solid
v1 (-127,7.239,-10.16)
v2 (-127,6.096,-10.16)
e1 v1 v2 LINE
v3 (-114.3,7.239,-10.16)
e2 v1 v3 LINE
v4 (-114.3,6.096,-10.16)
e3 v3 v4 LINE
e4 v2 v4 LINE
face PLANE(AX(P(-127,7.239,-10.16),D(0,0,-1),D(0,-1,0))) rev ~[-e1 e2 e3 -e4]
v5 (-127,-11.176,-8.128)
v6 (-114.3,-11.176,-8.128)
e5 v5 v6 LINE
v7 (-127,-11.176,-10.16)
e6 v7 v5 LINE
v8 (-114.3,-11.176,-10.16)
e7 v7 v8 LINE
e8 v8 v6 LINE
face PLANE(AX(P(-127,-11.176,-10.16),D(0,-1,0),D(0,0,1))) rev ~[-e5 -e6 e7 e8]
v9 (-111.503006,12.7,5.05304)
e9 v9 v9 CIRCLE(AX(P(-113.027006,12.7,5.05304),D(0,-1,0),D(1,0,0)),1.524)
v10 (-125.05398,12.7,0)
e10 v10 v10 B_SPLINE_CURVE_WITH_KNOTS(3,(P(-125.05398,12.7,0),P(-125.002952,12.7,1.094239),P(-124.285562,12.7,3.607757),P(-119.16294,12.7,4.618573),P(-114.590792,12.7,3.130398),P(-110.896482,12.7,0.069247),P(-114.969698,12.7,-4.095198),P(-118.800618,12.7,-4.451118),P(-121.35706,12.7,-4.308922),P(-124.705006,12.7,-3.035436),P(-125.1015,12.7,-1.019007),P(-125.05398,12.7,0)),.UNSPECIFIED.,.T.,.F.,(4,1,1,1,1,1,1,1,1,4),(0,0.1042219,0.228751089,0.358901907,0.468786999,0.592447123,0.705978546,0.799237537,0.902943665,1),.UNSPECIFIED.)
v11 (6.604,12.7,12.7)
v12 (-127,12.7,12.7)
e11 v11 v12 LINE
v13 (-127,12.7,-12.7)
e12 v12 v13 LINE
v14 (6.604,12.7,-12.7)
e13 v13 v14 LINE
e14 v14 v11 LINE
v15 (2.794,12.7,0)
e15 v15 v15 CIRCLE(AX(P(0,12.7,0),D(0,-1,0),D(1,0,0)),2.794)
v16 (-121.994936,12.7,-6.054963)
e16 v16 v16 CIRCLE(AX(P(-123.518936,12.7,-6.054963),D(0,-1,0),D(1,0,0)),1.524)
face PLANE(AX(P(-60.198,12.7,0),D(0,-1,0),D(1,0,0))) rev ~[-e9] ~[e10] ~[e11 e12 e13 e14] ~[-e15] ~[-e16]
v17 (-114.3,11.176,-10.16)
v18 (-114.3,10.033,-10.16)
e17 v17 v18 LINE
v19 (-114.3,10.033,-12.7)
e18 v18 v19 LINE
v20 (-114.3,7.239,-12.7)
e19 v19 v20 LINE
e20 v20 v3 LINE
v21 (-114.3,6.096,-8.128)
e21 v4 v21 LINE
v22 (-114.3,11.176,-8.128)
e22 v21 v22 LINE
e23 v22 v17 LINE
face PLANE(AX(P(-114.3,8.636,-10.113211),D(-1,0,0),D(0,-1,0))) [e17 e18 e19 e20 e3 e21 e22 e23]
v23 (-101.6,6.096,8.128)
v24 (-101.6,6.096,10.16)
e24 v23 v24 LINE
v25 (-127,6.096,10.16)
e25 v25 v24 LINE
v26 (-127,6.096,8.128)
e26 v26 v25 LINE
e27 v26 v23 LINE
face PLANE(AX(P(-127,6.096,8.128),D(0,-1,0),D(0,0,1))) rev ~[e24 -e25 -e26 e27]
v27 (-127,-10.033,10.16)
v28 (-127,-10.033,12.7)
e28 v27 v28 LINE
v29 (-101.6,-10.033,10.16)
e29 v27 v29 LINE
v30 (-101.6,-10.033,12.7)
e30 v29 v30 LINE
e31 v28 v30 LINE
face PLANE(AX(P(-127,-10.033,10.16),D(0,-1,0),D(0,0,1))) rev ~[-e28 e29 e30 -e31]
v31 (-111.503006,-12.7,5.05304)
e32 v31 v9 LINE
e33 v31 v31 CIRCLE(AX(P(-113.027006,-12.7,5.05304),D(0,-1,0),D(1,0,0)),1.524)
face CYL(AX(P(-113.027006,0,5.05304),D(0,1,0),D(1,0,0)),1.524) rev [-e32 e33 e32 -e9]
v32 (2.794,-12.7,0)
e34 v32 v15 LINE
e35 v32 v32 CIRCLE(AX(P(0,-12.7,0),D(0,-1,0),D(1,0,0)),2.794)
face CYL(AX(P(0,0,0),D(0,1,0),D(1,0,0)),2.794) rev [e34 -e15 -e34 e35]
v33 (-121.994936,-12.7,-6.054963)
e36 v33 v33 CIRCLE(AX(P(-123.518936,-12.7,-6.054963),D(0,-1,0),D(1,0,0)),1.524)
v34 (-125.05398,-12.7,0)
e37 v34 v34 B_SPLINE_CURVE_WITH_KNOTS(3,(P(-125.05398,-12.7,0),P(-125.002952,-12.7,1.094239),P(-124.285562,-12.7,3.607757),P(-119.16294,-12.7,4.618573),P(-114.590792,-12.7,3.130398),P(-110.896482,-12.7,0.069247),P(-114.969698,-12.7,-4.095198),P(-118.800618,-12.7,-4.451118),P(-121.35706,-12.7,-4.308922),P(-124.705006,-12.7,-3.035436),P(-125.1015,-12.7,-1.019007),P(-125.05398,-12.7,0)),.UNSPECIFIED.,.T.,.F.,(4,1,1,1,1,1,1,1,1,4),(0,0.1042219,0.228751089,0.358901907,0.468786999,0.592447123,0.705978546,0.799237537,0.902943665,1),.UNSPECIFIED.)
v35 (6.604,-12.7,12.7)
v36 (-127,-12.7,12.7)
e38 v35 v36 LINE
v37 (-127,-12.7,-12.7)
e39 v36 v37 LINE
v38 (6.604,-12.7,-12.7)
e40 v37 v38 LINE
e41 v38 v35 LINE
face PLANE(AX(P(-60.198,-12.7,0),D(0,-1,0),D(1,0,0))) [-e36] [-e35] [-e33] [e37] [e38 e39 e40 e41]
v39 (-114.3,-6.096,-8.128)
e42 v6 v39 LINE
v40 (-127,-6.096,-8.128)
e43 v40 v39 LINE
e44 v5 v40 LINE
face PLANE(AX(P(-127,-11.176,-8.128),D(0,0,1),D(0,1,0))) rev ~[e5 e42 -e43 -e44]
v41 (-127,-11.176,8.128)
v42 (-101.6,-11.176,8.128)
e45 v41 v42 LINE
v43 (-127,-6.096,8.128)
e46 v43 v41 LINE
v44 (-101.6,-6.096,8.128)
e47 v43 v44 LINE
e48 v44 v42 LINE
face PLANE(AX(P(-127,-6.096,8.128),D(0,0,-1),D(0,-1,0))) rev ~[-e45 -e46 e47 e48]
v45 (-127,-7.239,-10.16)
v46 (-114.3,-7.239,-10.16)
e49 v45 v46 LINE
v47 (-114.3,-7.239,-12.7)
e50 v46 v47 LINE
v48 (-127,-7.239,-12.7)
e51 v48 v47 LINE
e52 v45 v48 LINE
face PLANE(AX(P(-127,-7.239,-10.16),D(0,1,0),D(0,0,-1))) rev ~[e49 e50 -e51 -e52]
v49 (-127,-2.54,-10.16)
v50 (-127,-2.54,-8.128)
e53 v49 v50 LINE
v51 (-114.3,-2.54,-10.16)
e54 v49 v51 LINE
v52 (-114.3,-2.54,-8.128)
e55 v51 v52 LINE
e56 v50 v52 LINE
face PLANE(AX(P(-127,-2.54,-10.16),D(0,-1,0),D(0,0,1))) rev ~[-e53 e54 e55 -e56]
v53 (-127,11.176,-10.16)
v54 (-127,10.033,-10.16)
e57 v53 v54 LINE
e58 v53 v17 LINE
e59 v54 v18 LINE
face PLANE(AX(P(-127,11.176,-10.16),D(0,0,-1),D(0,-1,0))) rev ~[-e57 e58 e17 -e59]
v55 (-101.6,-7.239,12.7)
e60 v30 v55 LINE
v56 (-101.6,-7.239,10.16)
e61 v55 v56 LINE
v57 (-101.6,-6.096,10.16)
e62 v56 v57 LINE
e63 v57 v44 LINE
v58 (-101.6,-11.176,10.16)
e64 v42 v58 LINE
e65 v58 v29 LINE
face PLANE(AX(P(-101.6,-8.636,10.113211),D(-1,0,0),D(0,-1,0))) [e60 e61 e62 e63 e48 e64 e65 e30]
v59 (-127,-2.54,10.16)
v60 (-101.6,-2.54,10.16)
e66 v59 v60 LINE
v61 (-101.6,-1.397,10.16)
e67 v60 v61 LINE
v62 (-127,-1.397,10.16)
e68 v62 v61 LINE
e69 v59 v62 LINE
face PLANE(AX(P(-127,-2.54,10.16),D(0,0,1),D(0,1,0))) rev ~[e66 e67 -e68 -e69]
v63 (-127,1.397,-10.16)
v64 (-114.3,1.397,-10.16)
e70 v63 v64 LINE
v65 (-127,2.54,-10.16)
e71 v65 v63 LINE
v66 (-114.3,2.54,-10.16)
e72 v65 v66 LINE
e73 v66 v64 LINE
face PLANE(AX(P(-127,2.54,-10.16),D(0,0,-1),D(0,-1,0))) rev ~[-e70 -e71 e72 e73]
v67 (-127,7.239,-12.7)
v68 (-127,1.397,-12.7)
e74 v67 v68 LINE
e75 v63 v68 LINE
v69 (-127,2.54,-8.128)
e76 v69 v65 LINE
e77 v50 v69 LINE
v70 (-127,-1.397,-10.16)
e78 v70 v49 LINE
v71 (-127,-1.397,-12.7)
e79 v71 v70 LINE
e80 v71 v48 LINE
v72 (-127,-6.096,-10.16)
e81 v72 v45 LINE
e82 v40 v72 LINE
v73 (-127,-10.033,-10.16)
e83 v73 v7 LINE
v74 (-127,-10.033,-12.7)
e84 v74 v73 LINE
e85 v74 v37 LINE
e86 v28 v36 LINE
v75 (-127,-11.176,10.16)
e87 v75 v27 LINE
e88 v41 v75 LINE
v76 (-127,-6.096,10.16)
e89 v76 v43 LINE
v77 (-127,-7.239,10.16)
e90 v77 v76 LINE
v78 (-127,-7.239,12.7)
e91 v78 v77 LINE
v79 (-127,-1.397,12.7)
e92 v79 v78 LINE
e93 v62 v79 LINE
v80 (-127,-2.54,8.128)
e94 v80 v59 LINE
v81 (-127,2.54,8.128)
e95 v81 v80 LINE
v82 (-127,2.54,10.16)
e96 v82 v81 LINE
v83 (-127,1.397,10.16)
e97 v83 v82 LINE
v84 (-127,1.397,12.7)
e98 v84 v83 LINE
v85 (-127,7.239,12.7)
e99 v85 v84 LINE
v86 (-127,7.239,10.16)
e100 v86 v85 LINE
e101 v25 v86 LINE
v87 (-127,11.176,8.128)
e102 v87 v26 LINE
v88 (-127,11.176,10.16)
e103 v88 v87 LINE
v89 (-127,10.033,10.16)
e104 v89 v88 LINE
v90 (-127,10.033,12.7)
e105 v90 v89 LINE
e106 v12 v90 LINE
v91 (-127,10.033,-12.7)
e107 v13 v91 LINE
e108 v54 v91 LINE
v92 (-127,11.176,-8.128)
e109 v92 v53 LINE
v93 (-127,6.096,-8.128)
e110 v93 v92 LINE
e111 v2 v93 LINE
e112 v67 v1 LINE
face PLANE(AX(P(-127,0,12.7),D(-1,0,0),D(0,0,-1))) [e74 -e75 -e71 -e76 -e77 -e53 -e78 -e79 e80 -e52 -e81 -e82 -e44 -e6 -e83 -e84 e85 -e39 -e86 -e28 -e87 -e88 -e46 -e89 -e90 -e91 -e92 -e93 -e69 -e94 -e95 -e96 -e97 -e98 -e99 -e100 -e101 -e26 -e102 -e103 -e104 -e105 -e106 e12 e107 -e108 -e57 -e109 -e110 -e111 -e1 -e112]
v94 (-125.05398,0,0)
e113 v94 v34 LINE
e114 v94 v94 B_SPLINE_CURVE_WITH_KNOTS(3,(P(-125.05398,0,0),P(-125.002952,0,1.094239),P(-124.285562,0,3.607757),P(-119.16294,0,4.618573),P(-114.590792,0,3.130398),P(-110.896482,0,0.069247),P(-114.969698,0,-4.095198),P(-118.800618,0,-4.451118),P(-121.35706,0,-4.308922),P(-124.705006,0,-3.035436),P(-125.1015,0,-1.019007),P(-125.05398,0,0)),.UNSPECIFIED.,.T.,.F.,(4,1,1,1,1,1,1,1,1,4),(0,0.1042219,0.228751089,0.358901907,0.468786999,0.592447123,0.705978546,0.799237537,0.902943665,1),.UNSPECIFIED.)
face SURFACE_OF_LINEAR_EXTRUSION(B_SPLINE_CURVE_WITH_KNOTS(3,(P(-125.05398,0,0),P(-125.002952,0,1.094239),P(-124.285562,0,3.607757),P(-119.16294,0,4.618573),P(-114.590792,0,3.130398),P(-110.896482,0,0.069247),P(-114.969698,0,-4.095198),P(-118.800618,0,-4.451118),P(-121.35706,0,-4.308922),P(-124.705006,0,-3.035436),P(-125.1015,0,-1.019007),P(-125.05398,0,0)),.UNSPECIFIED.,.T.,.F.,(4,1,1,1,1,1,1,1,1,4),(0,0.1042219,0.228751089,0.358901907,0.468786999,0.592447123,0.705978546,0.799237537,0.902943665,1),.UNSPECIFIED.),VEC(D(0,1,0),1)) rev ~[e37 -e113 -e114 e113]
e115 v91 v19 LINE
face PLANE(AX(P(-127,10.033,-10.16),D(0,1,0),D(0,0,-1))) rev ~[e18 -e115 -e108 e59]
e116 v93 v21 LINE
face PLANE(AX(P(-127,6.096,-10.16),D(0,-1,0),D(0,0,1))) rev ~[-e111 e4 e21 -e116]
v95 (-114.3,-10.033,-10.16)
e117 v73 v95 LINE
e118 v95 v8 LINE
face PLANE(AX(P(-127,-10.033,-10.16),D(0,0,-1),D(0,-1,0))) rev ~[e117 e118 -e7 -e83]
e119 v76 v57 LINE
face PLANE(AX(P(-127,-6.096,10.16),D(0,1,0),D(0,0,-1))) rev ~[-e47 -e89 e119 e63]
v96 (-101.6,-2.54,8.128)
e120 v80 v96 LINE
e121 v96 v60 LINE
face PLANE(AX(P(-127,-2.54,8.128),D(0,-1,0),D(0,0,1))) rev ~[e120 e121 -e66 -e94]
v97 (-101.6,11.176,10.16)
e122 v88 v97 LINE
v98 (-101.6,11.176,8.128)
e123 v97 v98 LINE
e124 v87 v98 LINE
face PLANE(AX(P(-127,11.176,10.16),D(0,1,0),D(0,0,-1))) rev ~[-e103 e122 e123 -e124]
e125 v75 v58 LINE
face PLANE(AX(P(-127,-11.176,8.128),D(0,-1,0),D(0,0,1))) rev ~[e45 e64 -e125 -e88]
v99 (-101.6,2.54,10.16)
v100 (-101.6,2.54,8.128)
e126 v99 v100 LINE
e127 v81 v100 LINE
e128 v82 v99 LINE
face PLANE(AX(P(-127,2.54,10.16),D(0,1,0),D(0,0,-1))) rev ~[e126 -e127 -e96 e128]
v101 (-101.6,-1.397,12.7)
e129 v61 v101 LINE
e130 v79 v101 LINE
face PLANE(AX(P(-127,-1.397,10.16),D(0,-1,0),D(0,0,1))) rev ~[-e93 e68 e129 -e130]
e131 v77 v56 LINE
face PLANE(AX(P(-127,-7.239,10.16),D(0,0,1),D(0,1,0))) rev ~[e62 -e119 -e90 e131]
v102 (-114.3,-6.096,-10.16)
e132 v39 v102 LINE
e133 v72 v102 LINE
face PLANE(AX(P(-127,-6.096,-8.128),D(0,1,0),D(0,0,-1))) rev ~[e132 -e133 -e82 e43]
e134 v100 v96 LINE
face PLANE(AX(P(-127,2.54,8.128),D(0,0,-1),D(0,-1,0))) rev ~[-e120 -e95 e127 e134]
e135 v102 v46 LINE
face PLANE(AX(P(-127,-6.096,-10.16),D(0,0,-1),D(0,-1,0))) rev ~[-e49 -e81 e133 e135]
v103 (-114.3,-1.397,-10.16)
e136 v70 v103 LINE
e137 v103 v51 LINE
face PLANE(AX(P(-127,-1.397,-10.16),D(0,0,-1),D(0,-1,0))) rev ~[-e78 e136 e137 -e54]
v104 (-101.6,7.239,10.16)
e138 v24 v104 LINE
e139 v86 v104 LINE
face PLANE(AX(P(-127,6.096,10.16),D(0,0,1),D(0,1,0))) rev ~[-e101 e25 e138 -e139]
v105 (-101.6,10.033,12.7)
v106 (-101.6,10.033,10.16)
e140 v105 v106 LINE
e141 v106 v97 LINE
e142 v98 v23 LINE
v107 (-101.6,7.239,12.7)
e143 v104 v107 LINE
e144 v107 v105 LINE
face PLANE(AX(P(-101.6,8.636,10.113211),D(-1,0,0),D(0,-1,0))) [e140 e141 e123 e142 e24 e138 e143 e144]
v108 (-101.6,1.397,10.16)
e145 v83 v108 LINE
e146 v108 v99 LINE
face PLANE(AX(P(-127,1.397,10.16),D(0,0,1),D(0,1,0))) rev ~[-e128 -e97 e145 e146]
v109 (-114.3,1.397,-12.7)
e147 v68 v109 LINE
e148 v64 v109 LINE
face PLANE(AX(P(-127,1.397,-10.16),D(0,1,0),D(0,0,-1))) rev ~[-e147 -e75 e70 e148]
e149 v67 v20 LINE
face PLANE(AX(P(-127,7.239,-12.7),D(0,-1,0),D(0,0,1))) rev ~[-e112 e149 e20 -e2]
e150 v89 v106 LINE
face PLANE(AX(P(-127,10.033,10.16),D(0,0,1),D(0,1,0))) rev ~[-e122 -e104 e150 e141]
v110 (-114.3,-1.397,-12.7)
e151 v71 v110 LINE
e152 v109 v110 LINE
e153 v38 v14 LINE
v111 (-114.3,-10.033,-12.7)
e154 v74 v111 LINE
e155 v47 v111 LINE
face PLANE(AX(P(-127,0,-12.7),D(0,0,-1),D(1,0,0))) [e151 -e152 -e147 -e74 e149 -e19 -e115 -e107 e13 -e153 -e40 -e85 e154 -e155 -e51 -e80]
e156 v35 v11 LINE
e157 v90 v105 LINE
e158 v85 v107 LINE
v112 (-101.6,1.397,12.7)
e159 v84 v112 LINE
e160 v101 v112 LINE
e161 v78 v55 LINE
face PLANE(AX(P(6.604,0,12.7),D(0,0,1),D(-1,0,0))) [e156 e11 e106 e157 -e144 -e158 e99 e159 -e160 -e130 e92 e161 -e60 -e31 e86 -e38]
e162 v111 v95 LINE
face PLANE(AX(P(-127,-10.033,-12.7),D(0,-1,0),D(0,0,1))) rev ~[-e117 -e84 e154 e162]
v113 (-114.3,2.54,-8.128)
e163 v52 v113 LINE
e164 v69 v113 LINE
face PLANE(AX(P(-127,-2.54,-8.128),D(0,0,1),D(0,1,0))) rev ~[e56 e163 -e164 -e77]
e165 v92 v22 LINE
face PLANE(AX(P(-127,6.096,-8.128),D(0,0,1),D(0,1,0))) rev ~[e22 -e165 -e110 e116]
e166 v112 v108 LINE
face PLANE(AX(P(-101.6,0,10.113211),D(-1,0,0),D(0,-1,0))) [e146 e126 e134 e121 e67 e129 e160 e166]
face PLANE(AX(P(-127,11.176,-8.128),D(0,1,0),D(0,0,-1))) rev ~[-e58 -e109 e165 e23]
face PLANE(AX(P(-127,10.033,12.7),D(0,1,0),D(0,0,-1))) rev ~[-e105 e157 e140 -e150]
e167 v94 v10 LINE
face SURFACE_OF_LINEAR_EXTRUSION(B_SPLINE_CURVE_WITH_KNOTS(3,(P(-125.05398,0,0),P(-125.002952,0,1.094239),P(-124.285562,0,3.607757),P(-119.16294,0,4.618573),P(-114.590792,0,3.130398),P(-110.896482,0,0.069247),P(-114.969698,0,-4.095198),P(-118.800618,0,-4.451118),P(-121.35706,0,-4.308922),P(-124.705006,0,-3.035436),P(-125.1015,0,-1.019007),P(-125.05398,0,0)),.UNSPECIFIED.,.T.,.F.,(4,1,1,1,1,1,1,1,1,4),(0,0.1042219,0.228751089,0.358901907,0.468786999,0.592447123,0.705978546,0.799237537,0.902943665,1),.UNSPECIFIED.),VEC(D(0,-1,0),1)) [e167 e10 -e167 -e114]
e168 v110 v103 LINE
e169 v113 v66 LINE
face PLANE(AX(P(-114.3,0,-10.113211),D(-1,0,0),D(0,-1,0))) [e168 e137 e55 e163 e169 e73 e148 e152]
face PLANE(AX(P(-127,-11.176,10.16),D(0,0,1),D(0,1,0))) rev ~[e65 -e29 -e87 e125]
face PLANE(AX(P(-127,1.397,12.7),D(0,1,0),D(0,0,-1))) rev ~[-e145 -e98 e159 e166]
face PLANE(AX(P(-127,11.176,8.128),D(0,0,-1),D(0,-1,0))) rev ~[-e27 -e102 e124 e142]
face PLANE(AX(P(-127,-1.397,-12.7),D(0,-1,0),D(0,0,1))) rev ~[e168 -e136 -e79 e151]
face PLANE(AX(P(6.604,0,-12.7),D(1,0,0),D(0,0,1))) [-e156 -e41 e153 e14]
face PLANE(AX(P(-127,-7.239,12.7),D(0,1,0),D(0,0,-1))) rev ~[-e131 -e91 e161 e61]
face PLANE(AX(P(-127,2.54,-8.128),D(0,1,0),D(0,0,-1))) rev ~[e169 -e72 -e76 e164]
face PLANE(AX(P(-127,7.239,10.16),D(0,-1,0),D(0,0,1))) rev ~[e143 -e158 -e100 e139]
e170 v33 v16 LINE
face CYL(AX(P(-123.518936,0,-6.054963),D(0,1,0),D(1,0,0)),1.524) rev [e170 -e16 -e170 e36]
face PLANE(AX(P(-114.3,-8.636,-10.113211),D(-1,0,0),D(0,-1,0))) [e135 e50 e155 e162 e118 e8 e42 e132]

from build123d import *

# Parameters (mm, degrees)
F0_R     = 1.524
F0_R_2   = 2.794
F1_DEPTH = 12.7
F2_DEPTH = 12.7010001
F4_DEPTH = 12.7
F5_DEPTH = 25.4


with BuildPart() as f1:
    # F0 (on Front) → F1 (new body, symmetric)
    with BuildSketch(Plane.XZ):
        Polygon((6.604, 12.7), (0, 12.7), (-127, 12.7), (-127, 0), (-127, -12.7), (0, -12.7), (6.604, -12.7), (6.604, 0), align=None)
        with Locations((-123.518936336, -6.0549625196)):
            Circle(F0_R, mode=Mode.SUBTRACT)
        Circle(F0_R_2, mode=Mode.SUBTRACT)
        with BuildLine():
            add(Edge.make_bspline(
                [(-125.0539798534, 0), (-125.0029516502, 1.0942387987), (-124.2855618498, 3.6077570352), (-119.1629399597, 4.6185731199), (-114.5907916971, 3.1303982734), (-110.8964815907, 0.069246784), (-114.9696975278, -4.0951978821), (-118.8006178953, -4.4511181723), (-121.3570598791, -4.3089217473), (-124.7050062892, -3.0354361639), (-125.1014997164, -1.0190066384), (-125.0539798534, 0)],
                knots=[0, 0, 0, 0, 0.1042218998, 0.2287510894, 0.3589019071, 0.4687869993, 0.5924471234, 0.7059785464, 0.7992375371, 0.9029436647, 1, 1, 1, 1], degree=3))
        make_face(mode=Mode.SUBTRACT)
        with Locations((-113.0270063877, 5.0530396402)):
            Circle(F0_R, mode=Mode.SUBTRACT)
    extrude(amount=F1_DEPTH, both=True)

    # F0 (on Front) → F2 (cut, through all)
    with BuildSketch(Plane.XZ):
        with BuildLine():
            add(Edge.make_bspline(
                [(-125.0539798534, 0), (-125.0029516502, 1.0942387987), (-124.2855618498, 3.6077570352), (-119.1629399597, 4.6185731199), (-114.5907916971, 3.1303982734), (-110.8964815907, 0.069246784), (-114.9696975278, -4.0951978821), (-118.8006178953, -4.4511181723), (-121.3570598791, -4.3089217473), (-124.7050062892, -3.0354361639), (-125.1014997164, -1.0190066384), (-125.0539798534, 0)],
                knots=[0, 0, 0, 0, 0.1042218998, 0.2287510894, 0.3589019071, 0.4687869993, 0.5924471234, 0.7059785464, 0.7992375371, 0.9029436647, 1, 1, 1, 1], degree=3))
        make_face()
    extrude(amount=-F2_DEPTH, mode=Mode.SUBTRACT)

    # F3 (on face) → F4 (cut)
    with BuildSketch(Plane(origin=(-127, 0, 0), x_dir=(0, -1, 0), z_dir=(-1, 0, 0))):
        Polygon((-8.636, -12.7), (-7.239, -12.7), (-7.239, -10.16), (-6.096, -10.16), (-6.096, -8.128), (-8.636, -8.128), (-11.176, -8.128), (-11.176, -10.16), (-10.033, -10.16), (-10.033, -12.7), align=None)
        Polygon((-1.397, -10.16), (-1.397, -12.7), (0, -12.7), (1.397, -12.7), (1.397, -10.16), (2.54, -10.16), (2.54, -8.128), (0, -8.128), (-2.54, -8.128), (-2.54, -10.16), align=None)
        Polygon((7.239, -10.16), (7.239, -12.7), (8.636, -12.7), (10.033, -12.7), (10.033, -10.16), (11.176, -10.16), (11.176, -8.128), (8.636, -8.128), (6.096, -8.128), (6.096, -10.16), align=None)
    extrude(amount=-F4_DEPTH, mode=Mode.SUBTRACT)

    # F3 (on face) → F5 (cut)
    with BuildSketch(Plane(origin=(-127, 0, 0), x_dir=(0, -1, 0), z_dir=(-1, 0, 0))):
        Polygon((-8.636, 12.7), (-10.033, 12.7), (-10.033, 10.16), (-11.176, 10.16), (-11.176, 8.128), (-8.636, 8.128), (-6.096, 8.128), (-6.096, 10.16), (-7.239, 10.16), (-7.239, 12.7), align=None)
        Polygon((0, 12.7), (-1.397, 12.7), (-1.397, 10.16), (-2.54, 10.16), (-2.54, 8.128), (0, 8.128), (2.54, 8.128), (2.54, 10.16), (1.397, 10.16), (1.397, 12.7), align=None)
        Polygon((10.033, 10.16), (10.033, 12.7), (8.636, 12.7), (7.239, 12.7), (7.239, 10.16), (6.096, 10.16), (6.096, 8.128), (8.636, 8.128), (11.176, 8.128), (11.176, 10.16), align=None)
    extrude(amount=-F5_DEPTH, mode=Mode.SUBTRACT)


solid = f1.part
